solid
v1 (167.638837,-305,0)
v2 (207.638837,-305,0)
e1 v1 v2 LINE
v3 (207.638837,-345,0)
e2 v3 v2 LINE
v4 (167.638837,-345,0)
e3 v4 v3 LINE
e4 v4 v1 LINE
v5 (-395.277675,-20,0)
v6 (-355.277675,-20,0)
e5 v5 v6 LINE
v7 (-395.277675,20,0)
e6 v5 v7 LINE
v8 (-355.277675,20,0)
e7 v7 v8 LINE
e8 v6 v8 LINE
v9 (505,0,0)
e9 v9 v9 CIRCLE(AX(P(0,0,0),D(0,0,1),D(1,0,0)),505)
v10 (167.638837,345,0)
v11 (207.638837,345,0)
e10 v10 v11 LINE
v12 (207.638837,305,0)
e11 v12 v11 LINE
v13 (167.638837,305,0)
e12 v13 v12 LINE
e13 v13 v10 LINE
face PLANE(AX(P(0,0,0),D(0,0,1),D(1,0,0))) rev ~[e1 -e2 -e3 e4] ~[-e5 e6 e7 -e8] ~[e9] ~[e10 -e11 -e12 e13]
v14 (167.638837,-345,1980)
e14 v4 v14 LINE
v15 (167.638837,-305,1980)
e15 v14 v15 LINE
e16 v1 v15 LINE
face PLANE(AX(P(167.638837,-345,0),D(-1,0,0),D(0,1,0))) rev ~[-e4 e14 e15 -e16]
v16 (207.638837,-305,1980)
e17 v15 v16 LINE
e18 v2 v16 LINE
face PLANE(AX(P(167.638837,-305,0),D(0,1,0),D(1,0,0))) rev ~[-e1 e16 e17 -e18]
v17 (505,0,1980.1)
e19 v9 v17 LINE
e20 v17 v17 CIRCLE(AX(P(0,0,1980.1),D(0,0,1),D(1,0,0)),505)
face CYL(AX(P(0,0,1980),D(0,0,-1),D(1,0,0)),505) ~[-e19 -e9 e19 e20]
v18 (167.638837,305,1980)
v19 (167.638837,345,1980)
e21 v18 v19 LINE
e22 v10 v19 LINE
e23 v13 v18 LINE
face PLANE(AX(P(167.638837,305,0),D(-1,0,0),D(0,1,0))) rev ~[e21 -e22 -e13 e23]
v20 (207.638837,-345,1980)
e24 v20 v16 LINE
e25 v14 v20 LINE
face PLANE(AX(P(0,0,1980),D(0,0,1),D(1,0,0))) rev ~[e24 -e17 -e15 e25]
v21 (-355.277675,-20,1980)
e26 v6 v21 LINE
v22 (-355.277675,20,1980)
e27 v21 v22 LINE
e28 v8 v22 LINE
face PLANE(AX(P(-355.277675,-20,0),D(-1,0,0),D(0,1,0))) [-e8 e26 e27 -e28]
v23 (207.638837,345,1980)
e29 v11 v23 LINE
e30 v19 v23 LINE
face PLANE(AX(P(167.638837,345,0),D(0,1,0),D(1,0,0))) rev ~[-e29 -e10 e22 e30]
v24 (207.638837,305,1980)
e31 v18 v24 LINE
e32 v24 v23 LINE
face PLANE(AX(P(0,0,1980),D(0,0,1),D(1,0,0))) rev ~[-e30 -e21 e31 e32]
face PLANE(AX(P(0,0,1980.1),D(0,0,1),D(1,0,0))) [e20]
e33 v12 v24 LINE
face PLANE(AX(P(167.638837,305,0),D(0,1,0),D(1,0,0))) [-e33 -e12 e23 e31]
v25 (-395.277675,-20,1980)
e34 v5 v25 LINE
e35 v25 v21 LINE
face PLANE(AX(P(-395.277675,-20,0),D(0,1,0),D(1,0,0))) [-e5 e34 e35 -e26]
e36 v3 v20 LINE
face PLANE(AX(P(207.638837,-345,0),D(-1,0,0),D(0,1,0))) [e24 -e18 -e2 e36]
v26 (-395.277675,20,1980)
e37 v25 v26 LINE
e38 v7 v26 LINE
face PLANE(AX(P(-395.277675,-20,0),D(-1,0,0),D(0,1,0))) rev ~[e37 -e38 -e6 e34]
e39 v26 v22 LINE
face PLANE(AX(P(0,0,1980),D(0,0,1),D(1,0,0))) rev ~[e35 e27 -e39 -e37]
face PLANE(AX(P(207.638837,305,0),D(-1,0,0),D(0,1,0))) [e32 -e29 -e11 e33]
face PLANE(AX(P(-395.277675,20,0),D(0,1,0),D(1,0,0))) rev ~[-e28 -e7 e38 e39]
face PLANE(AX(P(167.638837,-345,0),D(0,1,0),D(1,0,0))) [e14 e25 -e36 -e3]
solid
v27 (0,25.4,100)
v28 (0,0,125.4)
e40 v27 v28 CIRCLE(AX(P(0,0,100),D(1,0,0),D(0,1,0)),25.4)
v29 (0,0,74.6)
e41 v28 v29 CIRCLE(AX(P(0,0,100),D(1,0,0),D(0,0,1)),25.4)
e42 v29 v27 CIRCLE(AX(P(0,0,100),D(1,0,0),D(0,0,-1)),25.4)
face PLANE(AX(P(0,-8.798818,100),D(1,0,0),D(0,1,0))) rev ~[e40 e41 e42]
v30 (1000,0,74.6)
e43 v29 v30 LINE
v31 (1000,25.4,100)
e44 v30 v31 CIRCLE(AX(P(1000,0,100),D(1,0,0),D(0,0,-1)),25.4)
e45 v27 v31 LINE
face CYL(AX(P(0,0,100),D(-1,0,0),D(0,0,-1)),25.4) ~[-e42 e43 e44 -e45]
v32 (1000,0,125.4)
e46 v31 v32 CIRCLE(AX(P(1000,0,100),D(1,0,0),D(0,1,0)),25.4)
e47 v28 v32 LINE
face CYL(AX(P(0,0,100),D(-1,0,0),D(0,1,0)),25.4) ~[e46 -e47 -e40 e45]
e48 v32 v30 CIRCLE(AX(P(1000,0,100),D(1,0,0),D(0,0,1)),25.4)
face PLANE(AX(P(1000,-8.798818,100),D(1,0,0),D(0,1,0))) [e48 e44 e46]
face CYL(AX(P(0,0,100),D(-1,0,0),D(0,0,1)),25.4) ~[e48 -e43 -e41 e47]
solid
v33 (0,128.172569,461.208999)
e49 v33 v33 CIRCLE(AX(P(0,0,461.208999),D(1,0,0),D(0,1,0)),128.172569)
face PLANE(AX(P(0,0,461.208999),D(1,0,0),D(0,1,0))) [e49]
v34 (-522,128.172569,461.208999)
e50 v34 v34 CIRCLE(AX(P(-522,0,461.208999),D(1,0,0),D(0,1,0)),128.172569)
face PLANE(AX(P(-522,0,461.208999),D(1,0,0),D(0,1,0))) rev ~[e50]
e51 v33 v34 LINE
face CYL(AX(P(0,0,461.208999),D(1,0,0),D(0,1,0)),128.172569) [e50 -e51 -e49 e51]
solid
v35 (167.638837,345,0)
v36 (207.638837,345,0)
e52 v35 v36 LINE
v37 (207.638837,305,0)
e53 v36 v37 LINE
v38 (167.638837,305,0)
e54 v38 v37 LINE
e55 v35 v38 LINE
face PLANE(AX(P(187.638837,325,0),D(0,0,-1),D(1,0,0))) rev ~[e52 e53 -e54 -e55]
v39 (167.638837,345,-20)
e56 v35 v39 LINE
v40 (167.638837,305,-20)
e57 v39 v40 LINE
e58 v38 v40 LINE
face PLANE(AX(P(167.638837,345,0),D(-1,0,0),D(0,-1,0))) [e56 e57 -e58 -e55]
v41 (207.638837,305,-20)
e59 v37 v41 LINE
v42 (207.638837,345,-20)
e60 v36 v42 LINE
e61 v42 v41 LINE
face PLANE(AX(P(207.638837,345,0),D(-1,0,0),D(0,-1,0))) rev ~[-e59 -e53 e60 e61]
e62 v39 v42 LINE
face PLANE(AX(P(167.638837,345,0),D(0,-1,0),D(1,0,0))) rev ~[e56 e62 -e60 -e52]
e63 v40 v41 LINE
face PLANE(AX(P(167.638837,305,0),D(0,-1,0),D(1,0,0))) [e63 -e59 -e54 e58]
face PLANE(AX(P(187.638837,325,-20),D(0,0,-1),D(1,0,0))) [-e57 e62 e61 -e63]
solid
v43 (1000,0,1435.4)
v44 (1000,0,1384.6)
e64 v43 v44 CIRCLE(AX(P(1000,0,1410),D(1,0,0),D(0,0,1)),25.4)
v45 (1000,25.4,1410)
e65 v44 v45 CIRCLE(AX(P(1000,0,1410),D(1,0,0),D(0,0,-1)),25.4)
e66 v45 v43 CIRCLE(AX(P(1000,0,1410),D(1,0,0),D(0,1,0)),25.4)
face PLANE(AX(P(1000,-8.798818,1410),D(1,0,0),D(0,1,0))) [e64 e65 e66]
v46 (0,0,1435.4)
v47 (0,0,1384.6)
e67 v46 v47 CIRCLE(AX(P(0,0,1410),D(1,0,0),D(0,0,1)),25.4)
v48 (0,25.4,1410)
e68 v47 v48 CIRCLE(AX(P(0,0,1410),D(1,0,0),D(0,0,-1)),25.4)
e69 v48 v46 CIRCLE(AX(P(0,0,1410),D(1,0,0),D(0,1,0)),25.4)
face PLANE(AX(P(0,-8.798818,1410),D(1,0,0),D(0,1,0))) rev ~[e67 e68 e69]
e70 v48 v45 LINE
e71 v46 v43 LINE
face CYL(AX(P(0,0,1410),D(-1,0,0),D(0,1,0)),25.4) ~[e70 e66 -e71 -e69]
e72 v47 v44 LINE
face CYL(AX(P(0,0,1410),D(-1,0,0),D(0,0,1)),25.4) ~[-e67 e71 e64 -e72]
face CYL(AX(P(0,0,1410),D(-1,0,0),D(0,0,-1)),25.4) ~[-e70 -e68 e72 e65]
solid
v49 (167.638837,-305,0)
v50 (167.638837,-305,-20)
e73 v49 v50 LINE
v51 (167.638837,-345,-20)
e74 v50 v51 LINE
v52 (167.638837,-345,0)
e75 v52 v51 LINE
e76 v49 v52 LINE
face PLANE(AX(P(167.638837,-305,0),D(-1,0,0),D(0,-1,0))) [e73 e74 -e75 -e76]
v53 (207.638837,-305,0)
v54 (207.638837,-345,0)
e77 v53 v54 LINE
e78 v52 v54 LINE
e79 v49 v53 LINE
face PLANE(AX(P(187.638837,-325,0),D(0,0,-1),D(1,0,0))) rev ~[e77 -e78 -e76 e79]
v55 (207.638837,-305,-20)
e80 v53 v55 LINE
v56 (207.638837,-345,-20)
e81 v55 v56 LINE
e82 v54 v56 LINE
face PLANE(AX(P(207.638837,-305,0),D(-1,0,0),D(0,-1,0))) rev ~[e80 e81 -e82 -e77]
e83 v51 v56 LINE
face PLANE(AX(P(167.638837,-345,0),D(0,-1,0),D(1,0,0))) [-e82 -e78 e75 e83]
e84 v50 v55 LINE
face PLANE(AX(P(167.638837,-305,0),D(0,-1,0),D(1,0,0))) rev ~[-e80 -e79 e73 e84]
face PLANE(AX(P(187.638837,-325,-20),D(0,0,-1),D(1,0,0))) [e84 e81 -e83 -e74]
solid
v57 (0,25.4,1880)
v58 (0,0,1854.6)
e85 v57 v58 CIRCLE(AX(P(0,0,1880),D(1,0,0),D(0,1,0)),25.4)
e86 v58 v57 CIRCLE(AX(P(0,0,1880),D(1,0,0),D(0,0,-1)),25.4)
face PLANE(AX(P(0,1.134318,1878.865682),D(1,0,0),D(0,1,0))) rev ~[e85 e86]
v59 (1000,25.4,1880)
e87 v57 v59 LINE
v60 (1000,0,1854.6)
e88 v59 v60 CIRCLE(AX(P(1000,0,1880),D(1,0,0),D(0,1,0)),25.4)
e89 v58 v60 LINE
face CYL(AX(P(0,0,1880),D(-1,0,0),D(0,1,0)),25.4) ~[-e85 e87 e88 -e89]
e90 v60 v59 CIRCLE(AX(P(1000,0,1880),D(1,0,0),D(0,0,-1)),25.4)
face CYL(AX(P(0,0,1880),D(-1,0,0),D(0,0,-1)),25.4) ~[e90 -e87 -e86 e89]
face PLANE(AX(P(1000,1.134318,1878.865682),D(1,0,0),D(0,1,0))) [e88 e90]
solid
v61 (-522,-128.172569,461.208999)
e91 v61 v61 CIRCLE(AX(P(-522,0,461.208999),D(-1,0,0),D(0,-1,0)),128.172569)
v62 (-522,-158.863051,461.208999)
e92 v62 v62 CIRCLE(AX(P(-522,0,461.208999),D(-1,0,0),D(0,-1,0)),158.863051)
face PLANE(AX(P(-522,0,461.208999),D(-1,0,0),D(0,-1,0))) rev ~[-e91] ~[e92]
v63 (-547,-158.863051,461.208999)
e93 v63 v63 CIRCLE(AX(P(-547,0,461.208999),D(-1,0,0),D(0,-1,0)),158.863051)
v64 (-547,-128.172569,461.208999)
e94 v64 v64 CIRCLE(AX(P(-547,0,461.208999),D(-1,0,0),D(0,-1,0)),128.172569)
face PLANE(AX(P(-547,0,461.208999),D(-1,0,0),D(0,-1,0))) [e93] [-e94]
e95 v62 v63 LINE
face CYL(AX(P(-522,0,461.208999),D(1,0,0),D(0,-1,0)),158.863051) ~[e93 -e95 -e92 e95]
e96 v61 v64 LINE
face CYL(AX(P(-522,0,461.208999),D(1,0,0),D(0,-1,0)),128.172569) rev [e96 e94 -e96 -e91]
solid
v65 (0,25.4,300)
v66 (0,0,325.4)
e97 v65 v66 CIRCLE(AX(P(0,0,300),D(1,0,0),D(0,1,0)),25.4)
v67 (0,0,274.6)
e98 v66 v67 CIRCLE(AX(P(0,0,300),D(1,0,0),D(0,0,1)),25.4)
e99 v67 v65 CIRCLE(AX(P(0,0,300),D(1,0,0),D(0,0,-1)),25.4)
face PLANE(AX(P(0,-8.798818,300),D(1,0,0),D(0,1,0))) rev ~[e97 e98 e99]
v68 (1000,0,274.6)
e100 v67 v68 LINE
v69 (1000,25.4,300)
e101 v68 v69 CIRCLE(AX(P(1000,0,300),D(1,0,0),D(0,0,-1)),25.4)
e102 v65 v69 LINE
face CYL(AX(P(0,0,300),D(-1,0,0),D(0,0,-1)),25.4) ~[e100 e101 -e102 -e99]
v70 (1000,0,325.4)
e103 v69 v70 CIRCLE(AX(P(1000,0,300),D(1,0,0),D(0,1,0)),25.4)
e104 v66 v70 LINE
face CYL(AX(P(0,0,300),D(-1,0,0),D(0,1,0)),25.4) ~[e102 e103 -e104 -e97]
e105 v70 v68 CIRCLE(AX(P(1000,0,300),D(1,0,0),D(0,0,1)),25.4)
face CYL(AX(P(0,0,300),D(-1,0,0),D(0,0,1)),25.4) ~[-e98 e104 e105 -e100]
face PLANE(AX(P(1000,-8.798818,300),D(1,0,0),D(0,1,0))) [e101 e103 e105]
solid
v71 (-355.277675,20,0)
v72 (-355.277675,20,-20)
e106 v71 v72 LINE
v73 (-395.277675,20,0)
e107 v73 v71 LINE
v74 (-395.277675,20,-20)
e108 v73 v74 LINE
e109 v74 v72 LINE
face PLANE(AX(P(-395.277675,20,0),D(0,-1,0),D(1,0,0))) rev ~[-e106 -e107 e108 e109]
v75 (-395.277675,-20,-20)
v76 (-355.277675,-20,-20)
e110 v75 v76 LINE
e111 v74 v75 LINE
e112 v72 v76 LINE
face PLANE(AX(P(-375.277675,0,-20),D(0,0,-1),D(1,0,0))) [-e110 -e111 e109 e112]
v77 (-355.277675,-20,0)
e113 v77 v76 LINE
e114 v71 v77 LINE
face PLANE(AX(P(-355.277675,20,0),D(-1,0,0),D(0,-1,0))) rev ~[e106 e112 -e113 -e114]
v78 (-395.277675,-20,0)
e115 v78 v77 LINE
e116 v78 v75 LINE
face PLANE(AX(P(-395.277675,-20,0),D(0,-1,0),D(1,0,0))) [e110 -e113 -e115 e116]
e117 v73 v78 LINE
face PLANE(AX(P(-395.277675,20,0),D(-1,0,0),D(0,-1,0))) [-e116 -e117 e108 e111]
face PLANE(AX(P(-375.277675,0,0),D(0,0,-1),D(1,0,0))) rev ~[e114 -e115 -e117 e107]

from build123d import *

# Parameters (mm, degrees)
F0_R      = 505
F0_W      = 40
F0_H      = 40
F1_DEPTH  = 1980
F3_DEPTH  = 1000
F4_W      = 40
F4_H      = 40
F5_DEPTH  = 20
F6_R      = 505
F7_DEPTH  = 0.1
F8_R      = 128.1725692129
F9_DEPTH  = 522
F10_R     = 158.8630507831
F10_R_2   = 128.1725692129
F11_DEPTH = 25


with BuildPart() as f1:
    # F0 (on Top) → F1 (new body)
    with BuildSketch(Plane.XY):
        Circle(F0_R)
        with Locations((187.6388374866, -325)):
            Rectangle(F0_W, F0_H, mode=Mode.SUBTRACT)
        with Locations((-375.2776749733, 0)):
            Rectangle(F0_W, F0_H, mode=Mode.SUBTRACT)
        with Locations((187.6388374866, 325)):
            Rectangle(F0_W, F0_H, mode=Mode.SUBTRACT)
    extrude(amount=F1_DEPTH)

    # F6 (on face) → F7 (join)
    with BuildSketch(Plane.XY.offset(1980)):
        Circle(F6_R)
    extrude(amount=F7_DEPTH)


with BuildPart() as f3:
    # F2 (on Right) → F3 (new body)
    with BuildSketch(Plane.YZ):
        with BuildLine():
            ThreePointArc((0, 125.4), (-25.4, 100), (0, 74.6))
            Line((0, 74.6), (0, 100))
            Line((0, 100), (0, 125.4))
        make_face()
        with BuildLine():
            Line((0, 100), (0, 74.6))
            ThreePointArc((0, 74.6), (17.9605122421, 82.0394877579), (25.4, 100))
            ThreePointArc((25.4, 100), (17.9605122421, 117.9605122421), (0, 125.4))
            Line((0, 125.4), (0, 100))
        make_face()
    extrude(amount=F3_DEPTH)


with BuildPart() as f3b:
    # F2 (on Right) → F3, piece 2 (new body)
    with BuildSketch(Plane.YZ):
        with BuildLine():
            ThreePointArc((0, 325.4), (-25.4, 300), (0, 274.6))
            Line((0, 274.6), (0, 300))
            Line((0, 300), (0, 325.4))
        make_face()
        with BuildLine():
            Line((0, 300), (0, 274.6))
            ThreePointArc((0, 274.6), (17.9605122421, 282.0394877579), (25.4, 300))
            ThreePointArc((25.4, 300), (17.9605122421, 317.9605122421), (0, 325.4))
            Line((0, 325.4), (0, 300))
        make_face()
    extrude(amount=F3_DEPTH)


with BuildPart() as f3c:
    # F2 (on Right) → F3, piece 3 (new body)
    with BuildSketch(Plane.YZ):
        with BuildLine():
            ThreePointArc((0, 1435.4), (-25.4, 1410), (0, 1384.6))
            Line((0, 1384.6), (0, 1410))
            Line((0, 1410), (0, 1435.4))
        make_face()
        with BuildLine():
            Line((0, 1410), (0, 1384.6))
            ThreePointArc((0, 1384.6), (17.9605122421, 1392.0394877579), (25.4, 1410))
            ThreePointArc((25.4, 1410), (17.9605122421, 1427.9605122421), (0, 1435.4))
            Line((0, 1435.4), (0, 1410))
        make_face()
    extrude(amount=F3_DEPTH)


with BuildPart() as f3d:
    # F2 (on Right) → F3, piece 4 (new body)
    with BuildSketch(Plane.YZ):
        with BuildLine():
            ThreePointArc((25.4, 1880), (-17.9605122421, 1897.9605122421), (0, 1854.6))
            ThreePointArc((0, 1854.6), (17.9605122421, 1862.0394877579), (25.4, 1880))
        make_face()
    extrude(amount=F3_DEPTH)


with BuildPart() as f5:
    # F4 (on face) → F5 (new body)
    with BuildSketch(Plane(origin=(0, 0, 0), x_dir=(1, 0, 0), z_dir=(0, 0, -1))):
        with Locations((187.6388374866, 325)):
            Rectangle(F4_W, F4_H)
    extrude(amount=F5_DEPTH)


with BuildPart() as f5b:
    # F4 (on face) → F5, piece 2 (new body)
    with BuildSketch(Plane(origin=(0, 0, 0), x_dir=(1, 0, 0), z_dir=(0, 0, -1))):
        with Locations((-375.2776749733, 0)):
            Rectangle(F4_W, F4_H)
    extrude(amount=F5_DEPTH)


with BuildPart() as f5c:
    # F4 (on face) → F5, piece 3 (new body)
    with BuildSketch(Plane(origin=(0, 0, 0), x_dir=(1, 0, 0), z_dir=(0, 0, -1))):
        with Locations((187.6388374866, -325)):
            Rectangle(F4_W, F4_H)
    extrude(amount=F5_DEPTH)


with BuildPart() as f9:
    # F8 (on Right) → F9 (new body)
    with BuildSketch(Plane.YZ):
        with Locations((0, 461.208999157)):
            Circle(F8_R)
    extrude(amount=-F9_DEPTH)


with BuildPart() as f11:
    # F10 (on face) → F11 (new body)
    with BuildSketch(Plane(origin=(-522, 0, 0), x_dir=(0, -1, 0), z_dir=(-1, 0, 0))):
        with Locations((0, 461.208999157)):
            Circle(F10_R)
        with Locations((0, 461.208999157)):
            Circle(F10_R_2, mode=Mode.SUBTRACT)
    extrude(amount=F11_DEPTH)


solid = Compound([f1.part, f3.part, f3b.part, f3c.part, f3d.part, f5.part, f5b.part, f5c.part, f9.part, f11.part])
